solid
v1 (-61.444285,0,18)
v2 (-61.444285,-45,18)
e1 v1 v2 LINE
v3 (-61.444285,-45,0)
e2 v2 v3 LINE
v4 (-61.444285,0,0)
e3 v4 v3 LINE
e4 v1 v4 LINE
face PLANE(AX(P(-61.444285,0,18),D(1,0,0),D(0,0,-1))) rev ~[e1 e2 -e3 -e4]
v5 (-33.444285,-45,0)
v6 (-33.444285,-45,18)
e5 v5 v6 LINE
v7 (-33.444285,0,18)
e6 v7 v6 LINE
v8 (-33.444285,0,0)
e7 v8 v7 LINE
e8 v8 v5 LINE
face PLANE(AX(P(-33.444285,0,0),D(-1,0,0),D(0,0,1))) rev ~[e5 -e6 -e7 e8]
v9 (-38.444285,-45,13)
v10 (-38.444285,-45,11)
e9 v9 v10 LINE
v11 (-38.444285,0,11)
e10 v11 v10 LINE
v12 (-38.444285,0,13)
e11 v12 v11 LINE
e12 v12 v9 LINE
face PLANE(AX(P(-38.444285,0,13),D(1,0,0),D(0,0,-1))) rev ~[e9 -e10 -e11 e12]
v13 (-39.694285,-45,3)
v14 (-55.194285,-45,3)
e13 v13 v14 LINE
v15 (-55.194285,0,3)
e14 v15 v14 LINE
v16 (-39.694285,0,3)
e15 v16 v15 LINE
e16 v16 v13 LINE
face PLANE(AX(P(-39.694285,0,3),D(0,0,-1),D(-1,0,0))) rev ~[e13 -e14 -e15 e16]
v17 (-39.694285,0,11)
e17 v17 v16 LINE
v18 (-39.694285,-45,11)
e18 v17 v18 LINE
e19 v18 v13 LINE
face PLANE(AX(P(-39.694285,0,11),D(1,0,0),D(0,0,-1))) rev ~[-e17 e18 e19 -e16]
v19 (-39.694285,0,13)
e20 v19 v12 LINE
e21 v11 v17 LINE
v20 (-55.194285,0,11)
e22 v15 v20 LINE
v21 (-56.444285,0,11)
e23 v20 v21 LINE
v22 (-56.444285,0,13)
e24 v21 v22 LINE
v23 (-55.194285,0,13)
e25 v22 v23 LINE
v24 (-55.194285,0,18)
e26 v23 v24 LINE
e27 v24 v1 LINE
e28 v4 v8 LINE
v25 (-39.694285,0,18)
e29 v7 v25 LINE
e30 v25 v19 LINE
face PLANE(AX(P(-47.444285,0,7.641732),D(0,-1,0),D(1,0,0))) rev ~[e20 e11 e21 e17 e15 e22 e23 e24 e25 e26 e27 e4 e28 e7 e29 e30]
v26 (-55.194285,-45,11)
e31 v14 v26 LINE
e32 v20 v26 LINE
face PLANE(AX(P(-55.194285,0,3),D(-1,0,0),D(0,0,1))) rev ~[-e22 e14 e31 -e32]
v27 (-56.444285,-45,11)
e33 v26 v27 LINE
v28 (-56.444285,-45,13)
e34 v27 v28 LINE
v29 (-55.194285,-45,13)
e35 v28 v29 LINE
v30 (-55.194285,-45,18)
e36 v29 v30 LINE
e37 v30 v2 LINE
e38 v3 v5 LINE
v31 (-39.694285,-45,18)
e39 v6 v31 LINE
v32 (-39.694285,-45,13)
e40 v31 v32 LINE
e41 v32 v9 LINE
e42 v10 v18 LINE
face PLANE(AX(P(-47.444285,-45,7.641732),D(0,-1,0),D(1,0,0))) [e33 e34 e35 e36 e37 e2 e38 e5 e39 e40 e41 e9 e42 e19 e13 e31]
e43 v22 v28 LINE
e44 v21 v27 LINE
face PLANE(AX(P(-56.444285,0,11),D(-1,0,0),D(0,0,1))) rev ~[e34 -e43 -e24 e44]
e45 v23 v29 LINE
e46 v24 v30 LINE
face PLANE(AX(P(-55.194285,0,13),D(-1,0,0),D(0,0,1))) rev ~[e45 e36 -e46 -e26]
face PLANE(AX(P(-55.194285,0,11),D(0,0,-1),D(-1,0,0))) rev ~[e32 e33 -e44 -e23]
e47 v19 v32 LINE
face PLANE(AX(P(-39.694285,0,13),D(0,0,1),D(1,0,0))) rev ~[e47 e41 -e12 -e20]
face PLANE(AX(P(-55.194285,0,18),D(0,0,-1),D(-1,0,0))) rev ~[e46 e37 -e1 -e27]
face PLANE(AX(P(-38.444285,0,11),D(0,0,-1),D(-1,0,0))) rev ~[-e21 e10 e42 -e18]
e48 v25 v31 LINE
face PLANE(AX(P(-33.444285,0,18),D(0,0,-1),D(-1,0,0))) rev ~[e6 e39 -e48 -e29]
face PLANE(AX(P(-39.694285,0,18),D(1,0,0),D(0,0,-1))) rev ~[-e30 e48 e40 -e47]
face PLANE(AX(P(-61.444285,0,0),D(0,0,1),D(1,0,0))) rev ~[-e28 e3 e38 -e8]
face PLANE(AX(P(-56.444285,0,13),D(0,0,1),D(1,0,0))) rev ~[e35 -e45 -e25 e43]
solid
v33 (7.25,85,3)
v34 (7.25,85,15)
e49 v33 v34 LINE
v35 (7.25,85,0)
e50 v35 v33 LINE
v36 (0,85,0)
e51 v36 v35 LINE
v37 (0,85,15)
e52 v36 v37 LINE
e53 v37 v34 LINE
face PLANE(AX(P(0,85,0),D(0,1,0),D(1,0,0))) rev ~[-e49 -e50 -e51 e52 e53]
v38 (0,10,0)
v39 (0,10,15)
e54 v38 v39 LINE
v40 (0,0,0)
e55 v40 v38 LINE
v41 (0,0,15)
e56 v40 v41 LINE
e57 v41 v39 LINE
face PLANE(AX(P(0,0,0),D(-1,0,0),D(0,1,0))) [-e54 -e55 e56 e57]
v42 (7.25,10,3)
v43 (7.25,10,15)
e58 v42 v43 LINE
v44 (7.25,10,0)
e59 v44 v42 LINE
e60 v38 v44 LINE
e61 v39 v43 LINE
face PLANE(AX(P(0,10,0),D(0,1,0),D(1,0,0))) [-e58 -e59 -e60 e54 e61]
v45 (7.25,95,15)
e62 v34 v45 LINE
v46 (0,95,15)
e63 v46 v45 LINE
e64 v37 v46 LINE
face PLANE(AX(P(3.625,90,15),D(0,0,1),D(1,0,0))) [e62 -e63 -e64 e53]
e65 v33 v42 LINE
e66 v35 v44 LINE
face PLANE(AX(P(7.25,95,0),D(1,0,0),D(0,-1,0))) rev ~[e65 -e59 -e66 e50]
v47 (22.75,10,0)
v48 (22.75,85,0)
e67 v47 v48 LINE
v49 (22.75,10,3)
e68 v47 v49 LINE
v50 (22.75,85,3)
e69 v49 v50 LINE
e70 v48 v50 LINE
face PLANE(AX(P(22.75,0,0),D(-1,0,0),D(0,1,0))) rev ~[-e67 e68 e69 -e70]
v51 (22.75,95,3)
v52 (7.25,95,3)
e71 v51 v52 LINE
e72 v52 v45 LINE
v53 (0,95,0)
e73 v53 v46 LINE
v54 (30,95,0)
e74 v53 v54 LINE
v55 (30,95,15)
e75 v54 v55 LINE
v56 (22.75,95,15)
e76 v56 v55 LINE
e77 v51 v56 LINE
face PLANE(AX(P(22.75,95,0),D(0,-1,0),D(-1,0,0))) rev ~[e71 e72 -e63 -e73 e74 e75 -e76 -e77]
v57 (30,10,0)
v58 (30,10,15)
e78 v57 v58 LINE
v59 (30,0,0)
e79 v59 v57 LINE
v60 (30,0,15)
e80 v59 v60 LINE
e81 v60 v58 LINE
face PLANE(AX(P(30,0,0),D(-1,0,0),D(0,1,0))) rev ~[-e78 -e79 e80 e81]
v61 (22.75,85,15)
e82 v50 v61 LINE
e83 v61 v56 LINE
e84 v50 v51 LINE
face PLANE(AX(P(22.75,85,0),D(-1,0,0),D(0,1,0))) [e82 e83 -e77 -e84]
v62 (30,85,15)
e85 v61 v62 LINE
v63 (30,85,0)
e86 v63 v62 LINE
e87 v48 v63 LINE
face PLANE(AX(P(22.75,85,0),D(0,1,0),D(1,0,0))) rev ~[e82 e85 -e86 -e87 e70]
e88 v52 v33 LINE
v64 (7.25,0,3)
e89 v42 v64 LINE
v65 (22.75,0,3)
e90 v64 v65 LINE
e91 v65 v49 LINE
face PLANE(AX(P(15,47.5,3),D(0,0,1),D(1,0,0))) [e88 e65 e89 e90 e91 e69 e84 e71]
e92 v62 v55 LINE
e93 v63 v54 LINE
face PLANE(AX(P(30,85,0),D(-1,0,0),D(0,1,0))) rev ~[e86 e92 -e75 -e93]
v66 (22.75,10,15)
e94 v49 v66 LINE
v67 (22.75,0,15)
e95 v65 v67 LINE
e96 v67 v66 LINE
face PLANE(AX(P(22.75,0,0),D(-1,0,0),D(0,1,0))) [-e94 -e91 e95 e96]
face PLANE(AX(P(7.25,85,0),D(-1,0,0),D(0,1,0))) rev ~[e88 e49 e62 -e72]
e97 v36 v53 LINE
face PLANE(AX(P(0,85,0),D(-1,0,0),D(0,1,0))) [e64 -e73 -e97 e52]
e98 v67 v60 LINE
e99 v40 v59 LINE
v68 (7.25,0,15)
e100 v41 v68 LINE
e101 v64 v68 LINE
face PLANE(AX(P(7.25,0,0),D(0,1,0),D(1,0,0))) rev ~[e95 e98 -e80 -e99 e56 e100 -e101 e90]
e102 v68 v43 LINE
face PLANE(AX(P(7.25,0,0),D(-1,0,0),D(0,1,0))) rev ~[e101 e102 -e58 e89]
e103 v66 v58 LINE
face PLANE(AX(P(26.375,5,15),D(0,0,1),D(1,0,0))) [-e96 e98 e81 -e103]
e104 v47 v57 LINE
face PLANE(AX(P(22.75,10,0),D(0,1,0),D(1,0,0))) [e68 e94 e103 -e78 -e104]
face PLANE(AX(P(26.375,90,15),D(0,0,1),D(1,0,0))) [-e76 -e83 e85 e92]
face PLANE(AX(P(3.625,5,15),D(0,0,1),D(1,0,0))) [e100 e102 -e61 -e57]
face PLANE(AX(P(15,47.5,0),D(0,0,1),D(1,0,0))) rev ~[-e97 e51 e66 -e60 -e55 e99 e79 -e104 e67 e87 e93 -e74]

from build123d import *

# Parameters (mm, degrees)
F0_W     = 7.25
F0_H     = 10
F1_DEPTH = 15
F2_DEPTH = 3
F4_DEPTH = 45


with BuildPart() as f1:
    # F0 (on Top) → F1 (new body)
    with BuildSketch(Plane.XY):
        with Locations((3.625, 90)):
            Rectangle(F0_W, F0_H)
        with Locations((26.375, 5)):
            Rectangle(F0_W, F0_H)
        with Locations((26.375, 90)):
            Rectangle(F0_W, F0_H)
        with Locations((3.625, 5)):
            Rectangle(F0_W, F0_H)
    extrude(amount=F1_DEPTH)

    # F0 (on Top) → F2 (join)
    with BuildSketch(Plane.XY):
        Polygon((7.25, 10), (7.25, 0), (22.75, 0), (22.75, 10), (22.75, 85), (22.75, 95), (7.25, 95), (7.25, 85), align=None)
    extrude(amount=F2_DEPTH)


with BuildPart() as f4:
    # F3 (on Front) → F4 (new body)
    with BuildSketch(Plane.XZ):
        Polygon((-61.444285, 18), (-61.444285, 0), (-33.444285, 0), (-33.444285, 18), (-39.694285, 18), (-39.694285, 13), (-38.444285, 13), (-38.444285, 11), (-39.694285, 11), (-39.694285, 3), (-55.194285, 3), (-55.194285, 11), (-56.444285, 11), (-56.444285, 13), (-55.194285, 13), (-55.194285, 18), align=None)
    extrude(amount=F4_DEPTH)


solid = Compound([f1.part, f4.part])
